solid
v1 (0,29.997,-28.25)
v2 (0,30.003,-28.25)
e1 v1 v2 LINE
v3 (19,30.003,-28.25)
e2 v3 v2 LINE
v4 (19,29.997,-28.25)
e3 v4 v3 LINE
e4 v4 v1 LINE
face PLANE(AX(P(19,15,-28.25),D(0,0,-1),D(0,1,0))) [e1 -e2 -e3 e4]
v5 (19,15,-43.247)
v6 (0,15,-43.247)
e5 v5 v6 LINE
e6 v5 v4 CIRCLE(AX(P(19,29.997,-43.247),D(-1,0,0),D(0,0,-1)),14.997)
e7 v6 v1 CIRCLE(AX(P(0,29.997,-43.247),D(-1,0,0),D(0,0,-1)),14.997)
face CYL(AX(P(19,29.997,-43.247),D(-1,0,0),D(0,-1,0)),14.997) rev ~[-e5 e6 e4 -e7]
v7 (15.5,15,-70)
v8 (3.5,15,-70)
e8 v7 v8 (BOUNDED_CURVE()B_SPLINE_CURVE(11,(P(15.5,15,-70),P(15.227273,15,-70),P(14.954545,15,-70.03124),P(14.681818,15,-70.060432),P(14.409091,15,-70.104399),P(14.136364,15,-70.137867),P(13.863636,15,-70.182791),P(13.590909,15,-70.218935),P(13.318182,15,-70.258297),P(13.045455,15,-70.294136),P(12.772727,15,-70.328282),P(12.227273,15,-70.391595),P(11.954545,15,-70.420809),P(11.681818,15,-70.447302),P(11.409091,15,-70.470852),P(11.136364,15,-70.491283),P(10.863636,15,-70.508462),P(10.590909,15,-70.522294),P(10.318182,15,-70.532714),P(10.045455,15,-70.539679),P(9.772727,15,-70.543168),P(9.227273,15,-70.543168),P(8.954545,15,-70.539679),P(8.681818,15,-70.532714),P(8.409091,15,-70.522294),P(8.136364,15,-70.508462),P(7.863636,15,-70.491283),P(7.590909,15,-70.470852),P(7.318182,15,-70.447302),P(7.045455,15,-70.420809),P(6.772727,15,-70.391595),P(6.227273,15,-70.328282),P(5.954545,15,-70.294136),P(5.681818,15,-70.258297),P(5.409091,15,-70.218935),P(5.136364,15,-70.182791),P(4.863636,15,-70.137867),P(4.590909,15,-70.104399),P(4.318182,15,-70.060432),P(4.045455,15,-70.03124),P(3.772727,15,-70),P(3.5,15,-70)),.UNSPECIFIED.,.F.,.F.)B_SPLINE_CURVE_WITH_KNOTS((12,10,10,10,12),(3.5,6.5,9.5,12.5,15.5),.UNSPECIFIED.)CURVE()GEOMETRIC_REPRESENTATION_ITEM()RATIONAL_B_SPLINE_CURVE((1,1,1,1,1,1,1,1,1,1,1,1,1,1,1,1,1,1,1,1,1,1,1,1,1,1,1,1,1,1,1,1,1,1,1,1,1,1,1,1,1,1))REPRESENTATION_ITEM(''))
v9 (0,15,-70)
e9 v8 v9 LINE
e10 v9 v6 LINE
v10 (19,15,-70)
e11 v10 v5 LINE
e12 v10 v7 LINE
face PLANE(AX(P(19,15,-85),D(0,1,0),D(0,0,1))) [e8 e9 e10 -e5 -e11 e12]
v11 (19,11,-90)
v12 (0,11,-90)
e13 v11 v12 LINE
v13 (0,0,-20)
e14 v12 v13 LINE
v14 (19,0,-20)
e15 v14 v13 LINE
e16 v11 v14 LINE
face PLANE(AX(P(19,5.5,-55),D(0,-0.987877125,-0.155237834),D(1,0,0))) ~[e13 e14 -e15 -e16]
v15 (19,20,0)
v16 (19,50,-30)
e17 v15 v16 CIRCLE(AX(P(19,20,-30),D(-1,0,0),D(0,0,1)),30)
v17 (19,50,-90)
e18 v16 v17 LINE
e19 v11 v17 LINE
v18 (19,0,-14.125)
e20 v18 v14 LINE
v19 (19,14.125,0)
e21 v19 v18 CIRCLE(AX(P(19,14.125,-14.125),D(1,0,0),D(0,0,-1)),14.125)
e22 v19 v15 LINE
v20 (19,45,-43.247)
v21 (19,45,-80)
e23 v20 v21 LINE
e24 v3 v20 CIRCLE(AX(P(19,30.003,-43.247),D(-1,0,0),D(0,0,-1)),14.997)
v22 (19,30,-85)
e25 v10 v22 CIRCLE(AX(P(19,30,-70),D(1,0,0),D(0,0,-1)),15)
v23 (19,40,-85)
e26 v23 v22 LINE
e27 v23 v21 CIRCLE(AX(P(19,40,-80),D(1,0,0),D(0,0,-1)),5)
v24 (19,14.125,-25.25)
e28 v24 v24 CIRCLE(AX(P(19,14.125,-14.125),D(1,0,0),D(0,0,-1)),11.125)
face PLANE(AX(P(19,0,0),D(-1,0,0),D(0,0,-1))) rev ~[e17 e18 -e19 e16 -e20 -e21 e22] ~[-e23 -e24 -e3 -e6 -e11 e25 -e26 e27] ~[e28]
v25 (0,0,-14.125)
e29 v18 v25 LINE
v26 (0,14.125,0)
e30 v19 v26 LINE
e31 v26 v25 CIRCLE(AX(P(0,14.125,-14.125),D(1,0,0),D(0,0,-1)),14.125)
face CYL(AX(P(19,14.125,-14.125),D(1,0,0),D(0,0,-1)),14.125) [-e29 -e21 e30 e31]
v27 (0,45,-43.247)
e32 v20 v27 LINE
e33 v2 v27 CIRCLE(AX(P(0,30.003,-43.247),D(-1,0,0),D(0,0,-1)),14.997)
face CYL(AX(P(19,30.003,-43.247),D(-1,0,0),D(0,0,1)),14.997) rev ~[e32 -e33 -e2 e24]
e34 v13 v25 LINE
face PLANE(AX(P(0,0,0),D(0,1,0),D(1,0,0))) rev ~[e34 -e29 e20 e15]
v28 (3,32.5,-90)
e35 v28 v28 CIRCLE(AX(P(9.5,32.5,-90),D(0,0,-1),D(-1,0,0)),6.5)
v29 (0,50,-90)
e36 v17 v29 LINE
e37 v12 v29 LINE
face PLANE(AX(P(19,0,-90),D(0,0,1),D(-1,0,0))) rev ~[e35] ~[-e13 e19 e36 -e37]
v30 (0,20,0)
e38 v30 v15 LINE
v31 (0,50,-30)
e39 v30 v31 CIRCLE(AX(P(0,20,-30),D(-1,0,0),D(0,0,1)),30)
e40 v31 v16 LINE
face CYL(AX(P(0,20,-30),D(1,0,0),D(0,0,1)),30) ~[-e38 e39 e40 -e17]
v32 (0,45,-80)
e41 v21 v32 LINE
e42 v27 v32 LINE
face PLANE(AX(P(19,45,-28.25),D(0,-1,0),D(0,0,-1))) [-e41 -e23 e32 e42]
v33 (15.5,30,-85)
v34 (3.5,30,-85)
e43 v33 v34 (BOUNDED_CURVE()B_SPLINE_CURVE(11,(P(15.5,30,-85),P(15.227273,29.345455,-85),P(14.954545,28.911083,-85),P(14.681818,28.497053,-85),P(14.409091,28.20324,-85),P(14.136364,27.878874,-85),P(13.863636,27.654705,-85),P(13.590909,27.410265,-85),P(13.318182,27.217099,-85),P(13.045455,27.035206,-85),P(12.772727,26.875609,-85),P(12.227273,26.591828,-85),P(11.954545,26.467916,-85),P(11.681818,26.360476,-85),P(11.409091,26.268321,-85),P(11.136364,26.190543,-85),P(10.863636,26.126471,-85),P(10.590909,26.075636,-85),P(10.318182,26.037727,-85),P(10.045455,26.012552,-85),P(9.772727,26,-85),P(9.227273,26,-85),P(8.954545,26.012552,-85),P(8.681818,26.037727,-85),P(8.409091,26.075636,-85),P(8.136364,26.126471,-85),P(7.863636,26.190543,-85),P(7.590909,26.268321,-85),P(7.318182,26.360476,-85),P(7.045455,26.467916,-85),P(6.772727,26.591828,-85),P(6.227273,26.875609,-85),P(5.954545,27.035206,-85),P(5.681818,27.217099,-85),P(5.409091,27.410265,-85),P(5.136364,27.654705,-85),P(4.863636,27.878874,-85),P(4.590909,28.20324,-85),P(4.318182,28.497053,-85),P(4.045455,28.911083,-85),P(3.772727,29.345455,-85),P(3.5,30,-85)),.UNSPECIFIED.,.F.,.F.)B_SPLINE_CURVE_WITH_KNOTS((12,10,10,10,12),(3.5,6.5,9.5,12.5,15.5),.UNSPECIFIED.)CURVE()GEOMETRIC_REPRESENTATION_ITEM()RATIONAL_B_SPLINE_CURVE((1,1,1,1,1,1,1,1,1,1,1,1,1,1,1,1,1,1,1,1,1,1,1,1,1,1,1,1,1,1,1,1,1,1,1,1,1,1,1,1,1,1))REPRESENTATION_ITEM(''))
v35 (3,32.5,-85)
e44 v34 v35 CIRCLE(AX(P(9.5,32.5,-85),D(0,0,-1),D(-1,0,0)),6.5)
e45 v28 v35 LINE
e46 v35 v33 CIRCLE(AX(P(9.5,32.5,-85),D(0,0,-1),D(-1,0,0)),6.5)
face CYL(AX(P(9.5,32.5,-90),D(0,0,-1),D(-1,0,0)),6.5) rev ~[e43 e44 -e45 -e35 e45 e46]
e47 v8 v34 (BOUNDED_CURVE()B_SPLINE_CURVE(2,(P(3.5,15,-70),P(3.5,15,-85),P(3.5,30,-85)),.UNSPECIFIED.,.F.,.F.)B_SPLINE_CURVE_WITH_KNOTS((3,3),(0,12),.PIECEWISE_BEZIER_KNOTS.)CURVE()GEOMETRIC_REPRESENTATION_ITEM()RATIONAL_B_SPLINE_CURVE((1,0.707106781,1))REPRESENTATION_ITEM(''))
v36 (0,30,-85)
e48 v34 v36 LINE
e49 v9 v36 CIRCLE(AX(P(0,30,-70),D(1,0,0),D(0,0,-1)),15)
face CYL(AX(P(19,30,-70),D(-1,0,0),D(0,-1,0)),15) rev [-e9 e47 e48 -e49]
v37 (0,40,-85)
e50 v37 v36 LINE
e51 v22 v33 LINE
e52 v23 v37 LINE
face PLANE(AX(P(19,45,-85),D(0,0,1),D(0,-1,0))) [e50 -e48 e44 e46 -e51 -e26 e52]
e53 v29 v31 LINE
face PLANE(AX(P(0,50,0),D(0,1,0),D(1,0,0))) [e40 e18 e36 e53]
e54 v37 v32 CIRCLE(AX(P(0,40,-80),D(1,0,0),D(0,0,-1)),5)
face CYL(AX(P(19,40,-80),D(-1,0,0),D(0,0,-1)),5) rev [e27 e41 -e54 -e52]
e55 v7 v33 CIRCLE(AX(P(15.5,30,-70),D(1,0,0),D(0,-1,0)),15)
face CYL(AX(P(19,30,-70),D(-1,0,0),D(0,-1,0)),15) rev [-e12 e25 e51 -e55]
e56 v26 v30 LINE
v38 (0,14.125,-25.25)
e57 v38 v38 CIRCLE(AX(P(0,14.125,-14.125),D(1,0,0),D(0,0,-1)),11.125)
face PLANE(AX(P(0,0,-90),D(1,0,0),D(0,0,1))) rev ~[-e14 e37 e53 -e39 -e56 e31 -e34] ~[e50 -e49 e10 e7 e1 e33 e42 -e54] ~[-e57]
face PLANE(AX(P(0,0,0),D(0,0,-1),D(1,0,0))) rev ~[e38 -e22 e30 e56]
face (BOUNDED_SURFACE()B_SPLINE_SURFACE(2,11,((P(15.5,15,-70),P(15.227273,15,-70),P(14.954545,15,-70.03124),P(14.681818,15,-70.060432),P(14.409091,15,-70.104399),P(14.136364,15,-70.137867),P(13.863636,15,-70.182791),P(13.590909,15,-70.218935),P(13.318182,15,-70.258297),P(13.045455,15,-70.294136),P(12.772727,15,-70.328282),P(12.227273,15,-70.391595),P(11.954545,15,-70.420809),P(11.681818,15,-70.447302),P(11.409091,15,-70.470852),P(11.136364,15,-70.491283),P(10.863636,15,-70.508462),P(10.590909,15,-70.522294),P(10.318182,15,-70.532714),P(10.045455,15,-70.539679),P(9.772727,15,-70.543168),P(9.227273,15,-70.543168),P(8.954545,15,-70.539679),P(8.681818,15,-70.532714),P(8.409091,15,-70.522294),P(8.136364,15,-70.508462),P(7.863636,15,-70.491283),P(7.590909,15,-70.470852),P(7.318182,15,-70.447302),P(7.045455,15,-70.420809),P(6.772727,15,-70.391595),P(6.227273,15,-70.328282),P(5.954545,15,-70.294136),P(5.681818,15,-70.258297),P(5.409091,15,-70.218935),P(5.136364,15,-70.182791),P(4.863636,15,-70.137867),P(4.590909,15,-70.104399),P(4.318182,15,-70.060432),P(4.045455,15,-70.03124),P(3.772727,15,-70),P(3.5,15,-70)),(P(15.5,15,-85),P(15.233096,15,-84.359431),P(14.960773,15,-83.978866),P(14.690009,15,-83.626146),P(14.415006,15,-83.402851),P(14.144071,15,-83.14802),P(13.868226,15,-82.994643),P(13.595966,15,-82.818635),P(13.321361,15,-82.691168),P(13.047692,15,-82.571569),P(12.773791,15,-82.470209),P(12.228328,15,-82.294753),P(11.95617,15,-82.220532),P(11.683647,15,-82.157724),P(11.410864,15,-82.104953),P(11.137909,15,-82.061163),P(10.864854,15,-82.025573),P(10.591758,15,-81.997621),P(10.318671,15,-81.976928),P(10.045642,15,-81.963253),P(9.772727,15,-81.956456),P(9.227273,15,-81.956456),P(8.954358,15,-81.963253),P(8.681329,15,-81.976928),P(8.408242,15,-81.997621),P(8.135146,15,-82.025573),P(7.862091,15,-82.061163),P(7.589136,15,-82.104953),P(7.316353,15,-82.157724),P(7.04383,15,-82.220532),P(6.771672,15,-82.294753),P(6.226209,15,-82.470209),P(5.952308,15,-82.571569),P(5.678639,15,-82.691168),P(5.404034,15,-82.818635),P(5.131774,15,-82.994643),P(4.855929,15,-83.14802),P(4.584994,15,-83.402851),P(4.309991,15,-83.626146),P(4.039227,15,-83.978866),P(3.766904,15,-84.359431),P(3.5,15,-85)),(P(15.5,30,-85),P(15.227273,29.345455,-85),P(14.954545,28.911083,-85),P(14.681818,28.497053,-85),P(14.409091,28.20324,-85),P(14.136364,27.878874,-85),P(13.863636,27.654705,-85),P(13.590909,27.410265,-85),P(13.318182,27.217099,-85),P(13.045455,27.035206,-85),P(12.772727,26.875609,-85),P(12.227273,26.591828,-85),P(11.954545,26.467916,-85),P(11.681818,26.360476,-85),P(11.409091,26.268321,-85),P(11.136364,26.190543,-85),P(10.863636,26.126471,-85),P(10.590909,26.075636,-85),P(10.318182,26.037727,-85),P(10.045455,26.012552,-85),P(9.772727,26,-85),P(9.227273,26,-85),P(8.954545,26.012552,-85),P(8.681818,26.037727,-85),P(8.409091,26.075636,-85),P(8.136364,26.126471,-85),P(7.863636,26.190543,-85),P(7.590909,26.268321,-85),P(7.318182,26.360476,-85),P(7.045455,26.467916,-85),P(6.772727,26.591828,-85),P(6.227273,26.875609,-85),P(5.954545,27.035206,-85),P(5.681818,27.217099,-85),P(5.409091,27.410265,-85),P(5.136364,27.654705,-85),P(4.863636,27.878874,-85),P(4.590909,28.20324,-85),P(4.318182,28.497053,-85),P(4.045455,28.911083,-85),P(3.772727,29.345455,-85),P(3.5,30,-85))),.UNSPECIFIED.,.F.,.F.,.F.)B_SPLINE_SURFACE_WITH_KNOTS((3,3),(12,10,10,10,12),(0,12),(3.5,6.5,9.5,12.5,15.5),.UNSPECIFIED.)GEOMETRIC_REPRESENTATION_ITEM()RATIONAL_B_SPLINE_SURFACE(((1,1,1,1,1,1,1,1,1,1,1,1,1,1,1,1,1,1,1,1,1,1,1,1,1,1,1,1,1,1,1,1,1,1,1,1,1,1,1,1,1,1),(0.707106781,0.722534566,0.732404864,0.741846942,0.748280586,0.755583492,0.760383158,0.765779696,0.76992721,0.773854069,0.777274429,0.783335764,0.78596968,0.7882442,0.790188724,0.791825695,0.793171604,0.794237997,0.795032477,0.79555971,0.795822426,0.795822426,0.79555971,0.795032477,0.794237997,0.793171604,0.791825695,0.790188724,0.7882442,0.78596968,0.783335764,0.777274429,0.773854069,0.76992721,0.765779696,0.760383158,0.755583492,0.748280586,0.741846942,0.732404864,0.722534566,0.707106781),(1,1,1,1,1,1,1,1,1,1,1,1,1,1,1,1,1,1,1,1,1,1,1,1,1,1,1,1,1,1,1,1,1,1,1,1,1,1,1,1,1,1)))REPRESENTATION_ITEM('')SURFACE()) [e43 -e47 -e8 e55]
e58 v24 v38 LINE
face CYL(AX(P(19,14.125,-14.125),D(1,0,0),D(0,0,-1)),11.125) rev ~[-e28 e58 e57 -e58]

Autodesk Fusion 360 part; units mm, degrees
sketch "Sketch1" plane through (0, 0, 0) normal (0, 1, 0) x (1, 0, 0)
  line L0 (0, 0) -> (19, 0)
  line L1 (19, 0) -> (19, 90)
  line L2 (19, 90) -> (0, 90)
  line L3 (0, 90) -> (0, 0)
  dimension "d1" = 19
  dimension "d2" = 90
extrude "Extrude1" add sketch "Sketch1" along normal blind 50
sketch "Sketch2" plane through (19, 0, 0) normal (1, 0, 0) x (0, 0, -1)
  line L0 (0, 0) -> (90, 0)
  line L1 (90, 0) -> (90, 50)
  line L2 (90, 50) -> (0, 50)
  line L3 (0, 50) -> (0, 0)
  circle A0 centre (14.125, 14.125) radius 11.125
  line L4 (28.25, 45) -> (85, 45)
  line L5 (85, 45) -> (85, 15)
  line L6 (85, 15) -> (28.25, 15)
  line L7 (28.25, 15) -> (28.25, 45)
  circle A1 centre (14.125, 14.125) radius 14.125
  dimension "d5" = 22.25
  dimension "d7" = 5
  dimension "d8" = 15
  dimension "d9" = 5
  dimension "d10" = 30
  dimension "d24" = 3
extrude "Extrude2" cut sketch "Sketch2" against normal up to surface (19 mm away) contours L0 L3 A1 | A0 | L4 L5 L6 L7
fillet "Fillet1" radius 30 1 edges at (9.5, 50, 0)
sketch "Sketch3" plane through (0, 0, -90) normal (0, 0, -1) x (-1, 0, 0)
  line L0 (-19, 0) -> (0, 0)
  line L1 (0, 0) -> (0, 50)
  line L2 (0, 50) -> (-19, 50)
  line L3 (-19, 50) -> (-19, 0)
  circle A0 centre (-9.5, 32.5) radius 6.5
  line L4 (-9.5, 50) -> (-9.5, 0) construction
  line L5 (-19, 32.5) -> (0, 32.5) construction
  dimension "d17" = 13
  dimension "d29" = 17.5
extrude "Extrude3" cut sketch "Sketch3" against normal up to surface (5 mm away) contours A0
fillet "Fillet2" radius 15 1 edges at (9.5, 15, -85)
fillet "Fillet2" radius 5 1 edges at (9.5, 45, -85)
fillet "Fillet3" radius 15 2 edges at (9.5, 45, -28.25) (9.5, 15, -28.25)
chamfer "Chamfer1" distance 11 distance2 70 1 edges at (9.5, 0, -90) measured on face at (9.6619, 8.6727, -90)
equation "d6 = d5"
